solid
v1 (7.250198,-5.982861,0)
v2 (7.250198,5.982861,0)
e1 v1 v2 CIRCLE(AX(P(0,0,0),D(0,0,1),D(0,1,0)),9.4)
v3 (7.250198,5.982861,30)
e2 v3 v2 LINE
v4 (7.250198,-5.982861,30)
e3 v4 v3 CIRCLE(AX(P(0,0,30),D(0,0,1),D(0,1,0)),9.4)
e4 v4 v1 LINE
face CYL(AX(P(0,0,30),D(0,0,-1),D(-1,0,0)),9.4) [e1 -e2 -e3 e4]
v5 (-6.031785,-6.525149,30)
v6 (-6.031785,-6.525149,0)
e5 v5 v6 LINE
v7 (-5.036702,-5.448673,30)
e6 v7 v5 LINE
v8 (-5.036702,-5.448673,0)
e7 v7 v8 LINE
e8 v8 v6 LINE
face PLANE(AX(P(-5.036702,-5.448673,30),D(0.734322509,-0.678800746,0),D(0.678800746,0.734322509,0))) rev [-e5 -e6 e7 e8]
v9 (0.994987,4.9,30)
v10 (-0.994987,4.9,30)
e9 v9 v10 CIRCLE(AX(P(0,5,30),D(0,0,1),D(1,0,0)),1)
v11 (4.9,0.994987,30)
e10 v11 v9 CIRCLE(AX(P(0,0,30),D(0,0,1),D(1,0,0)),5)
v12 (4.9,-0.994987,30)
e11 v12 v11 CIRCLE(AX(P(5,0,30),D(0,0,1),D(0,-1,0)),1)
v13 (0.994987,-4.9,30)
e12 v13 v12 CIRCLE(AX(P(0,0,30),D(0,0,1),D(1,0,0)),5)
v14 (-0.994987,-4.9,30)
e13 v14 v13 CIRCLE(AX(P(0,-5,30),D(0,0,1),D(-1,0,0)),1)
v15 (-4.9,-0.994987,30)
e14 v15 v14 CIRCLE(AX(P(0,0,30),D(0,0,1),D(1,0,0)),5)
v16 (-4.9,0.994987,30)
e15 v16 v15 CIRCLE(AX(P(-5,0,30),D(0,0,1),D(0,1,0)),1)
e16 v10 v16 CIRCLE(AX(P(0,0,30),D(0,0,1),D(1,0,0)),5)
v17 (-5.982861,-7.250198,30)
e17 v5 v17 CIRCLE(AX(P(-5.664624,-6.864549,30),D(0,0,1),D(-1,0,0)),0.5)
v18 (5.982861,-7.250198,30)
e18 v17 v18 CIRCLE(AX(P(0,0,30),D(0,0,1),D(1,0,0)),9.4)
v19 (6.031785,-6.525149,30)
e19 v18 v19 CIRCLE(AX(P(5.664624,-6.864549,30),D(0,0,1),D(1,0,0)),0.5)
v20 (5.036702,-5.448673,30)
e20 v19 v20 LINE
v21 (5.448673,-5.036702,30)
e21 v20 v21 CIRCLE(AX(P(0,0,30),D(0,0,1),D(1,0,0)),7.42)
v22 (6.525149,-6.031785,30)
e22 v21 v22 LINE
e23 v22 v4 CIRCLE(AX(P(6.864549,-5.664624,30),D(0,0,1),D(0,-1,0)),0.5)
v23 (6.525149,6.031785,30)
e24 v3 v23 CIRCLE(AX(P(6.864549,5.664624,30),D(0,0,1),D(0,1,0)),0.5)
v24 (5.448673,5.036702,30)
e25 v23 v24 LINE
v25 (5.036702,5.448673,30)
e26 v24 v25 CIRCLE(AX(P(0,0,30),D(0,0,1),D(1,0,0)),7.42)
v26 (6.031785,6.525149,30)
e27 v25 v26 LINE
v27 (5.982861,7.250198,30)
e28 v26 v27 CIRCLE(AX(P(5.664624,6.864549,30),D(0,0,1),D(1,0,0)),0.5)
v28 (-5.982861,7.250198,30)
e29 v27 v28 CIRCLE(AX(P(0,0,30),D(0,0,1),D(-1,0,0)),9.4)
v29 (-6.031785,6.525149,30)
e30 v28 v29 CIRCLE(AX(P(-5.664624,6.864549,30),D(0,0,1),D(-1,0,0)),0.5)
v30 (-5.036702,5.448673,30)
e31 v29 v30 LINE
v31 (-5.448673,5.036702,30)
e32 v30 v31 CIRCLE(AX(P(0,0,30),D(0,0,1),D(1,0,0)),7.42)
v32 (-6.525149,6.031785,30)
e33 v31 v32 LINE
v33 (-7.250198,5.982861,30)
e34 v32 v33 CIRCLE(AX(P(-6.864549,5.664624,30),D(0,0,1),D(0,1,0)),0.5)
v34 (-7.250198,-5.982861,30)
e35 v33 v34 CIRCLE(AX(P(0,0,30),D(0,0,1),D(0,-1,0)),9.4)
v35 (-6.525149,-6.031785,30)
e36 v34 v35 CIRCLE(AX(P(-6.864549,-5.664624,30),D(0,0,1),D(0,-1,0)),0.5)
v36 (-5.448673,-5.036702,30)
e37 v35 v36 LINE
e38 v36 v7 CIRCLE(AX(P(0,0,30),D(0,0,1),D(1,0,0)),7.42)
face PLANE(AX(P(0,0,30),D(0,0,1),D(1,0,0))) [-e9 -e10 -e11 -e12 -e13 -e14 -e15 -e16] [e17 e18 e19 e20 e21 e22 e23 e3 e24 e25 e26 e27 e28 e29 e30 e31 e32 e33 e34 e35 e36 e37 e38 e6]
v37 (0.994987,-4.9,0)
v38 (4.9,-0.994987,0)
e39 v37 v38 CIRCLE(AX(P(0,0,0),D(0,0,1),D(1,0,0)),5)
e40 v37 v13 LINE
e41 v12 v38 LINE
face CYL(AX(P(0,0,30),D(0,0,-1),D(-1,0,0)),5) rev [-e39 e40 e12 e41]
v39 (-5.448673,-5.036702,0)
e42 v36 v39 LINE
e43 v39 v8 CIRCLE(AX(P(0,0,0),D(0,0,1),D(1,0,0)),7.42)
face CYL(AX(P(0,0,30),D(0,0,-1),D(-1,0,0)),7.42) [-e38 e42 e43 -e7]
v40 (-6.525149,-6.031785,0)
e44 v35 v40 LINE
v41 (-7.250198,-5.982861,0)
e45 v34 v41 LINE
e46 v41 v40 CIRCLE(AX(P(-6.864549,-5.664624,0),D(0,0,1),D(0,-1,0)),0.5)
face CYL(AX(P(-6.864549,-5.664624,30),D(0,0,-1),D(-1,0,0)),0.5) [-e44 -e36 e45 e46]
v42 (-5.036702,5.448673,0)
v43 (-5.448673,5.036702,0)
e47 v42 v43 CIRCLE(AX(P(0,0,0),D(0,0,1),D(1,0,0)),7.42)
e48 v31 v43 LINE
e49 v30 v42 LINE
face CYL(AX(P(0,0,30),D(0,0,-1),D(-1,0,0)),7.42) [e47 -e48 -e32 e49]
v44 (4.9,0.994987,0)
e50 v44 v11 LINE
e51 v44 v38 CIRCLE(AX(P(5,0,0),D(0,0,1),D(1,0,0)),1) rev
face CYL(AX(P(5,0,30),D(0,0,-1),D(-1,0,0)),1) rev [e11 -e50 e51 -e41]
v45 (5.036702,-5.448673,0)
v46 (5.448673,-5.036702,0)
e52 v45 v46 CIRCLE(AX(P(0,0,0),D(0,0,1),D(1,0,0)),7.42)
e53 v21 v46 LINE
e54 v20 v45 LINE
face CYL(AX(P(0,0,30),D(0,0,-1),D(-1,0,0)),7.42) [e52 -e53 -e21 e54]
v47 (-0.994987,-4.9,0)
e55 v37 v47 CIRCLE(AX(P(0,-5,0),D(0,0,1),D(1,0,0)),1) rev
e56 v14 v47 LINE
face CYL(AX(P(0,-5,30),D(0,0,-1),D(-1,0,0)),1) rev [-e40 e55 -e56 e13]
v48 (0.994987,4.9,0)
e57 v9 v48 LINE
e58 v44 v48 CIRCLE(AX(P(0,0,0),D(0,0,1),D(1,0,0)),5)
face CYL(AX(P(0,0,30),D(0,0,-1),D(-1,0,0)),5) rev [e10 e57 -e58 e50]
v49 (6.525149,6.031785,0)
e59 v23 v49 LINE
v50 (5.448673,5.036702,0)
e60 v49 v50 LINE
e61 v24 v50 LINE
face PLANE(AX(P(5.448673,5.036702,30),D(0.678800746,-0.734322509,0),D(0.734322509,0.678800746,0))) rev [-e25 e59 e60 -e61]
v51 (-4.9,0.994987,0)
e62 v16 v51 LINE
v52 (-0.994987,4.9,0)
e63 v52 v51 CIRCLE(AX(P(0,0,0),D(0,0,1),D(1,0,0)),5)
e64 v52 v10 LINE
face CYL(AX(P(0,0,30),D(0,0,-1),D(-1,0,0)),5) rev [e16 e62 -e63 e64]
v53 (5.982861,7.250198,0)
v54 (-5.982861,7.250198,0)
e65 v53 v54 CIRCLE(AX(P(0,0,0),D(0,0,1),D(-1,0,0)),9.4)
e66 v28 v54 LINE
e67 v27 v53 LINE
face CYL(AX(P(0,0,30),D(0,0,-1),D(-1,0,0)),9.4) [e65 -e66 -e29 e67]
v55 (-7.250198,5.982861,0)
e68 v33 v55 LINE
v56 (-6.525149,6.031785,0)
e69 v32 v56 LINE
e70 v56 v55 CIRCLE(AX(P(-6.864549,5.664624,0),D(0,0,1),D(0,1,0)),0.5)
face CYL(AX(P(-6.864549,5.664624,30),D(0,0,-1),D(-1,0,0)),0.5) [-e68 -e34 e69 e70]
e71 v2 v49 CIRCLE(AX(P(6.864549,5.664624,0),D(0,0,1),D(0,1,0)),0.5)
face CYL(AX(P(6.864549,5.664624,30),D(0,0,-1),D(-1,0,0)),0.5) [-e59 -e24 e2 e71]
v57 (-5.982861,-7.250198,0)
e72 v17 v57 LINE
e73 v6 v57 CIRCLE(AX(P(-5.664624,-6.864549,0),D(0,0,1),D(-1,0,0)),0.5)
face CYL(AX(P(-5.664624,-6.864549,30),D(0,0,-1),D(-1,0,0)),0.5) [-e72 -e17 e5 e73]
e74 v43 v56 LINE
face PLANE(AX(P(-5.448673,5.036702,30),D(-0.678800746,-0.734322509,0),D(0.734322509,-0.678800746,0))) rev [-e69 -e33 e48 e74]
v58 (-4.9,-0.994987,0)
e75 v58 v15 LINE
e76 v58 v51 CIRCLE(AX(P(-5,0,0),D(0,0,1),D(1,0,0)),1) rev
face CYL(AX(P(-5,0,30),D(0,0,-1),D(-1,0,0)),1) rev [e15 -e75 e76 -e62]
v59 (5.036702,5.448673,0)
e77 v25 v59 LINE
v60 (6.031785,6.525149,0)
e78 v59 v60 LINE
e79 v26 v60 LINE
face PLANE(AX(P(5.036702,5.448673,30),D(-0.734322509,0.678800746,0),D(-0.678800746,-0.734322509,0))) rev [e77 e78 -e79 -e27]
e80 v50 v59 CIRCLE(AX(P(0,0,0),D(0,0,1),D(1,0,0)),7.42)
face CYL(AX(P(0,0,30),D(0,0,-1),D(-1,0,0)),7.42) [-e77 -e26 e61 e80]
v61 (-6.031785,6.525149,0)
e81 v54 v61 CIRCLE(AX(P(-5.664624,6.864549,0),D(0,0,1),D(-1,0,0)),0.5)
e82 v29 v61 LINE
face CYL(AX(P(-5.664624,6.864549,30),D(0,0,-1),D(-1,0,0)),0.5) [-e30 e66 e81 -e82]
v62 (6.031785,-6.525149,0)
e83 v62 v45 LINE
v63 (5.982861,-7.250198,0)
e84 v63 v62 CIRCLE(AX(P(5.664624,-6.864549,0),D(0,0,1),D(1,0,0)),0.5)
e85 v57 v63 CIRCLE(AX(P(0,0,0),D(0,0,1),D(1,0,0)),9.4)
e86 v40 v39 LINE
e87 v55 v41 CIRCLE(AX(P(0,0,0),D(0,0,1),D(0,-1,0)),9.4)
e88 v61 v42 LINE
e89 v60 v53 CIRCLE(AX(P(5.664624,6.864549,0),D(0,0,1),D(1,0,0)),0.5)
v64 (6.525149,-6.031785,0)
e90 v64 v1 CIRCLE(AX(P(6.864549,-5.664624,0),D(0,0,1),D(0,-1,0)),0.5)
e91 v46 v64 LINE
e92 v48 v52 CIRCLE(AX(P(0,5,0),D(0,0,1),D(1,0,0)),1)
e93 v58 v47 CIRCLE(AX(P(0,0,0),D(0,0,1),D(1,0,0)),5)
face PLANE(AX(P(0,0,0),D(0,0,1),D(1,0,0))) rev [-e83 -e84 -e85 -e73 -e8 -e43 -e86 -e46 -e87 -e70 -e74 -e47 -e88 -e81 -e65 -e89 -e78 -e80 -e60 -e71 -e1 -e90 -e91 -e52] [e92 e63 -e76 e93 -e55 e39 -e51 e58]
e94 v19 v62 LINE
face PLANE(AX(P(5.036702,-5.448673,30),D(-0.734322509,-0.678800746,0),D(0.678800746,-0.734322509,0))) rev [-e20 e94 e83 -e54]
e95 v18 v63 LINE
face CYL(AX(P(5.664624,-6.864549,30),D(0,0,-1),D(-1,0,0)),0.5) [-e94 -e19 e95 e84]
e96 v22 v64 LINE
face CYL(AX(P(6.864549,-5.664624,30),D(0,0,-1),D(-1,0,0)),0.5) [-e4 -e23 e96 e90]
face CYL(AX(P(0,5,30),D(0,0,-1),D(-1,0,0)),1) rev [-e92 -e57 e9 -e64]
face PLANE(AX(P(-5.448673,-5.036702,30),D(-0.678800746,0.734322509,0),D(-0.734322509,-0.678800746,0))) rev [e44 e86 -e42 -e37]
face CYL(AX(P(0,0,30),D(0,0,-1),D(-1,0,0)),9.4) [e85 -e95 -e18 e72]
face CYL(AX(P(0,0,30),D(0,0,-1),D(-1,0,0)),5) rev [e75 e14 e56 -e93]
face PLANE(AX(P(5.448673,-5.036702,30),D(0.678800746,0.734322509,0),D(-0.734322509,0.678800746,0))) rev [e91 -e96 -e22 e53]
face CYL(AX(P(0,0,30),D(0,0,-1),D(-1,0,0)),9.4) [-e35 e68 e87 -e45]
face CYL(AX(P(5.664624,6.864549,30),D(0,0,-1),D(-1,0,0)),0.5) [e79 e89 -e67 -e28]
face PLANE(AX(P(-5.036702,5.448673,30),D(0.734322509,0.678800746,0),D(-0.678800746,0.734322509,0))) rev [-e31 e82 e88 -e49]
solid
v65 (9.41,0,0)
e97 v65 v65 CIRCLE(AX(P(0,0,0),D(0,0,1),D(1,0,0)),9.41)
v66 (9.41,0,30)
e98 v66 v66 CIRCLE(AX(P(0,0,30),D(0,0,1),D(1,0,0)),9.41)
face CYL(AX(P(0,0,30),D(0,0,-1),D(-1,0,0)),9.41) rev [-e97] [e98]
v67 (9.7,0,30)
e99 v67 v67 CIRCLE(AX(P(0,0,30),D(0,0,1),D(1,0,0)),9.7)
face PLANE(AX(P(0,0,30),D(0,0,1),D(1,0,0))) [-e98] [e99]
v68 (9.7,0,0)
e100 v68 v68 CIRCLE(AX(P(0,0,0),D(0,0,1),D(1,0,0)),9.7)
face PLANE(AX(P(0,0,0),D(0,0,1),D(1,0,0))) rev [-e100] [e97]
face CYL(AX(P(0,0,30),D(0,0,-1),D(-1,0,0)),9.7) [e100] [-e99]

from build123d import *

# Parameters (mm, degrees)
SKETCH1_R           = 7.42
SKETCH1_R_2         = 5
BOSS_EXTRUDE1_DEPTH = 30
BOSS_EXTRUDE2_DEPTH = 30
CIRPATTERN1_COUNT   = 4
SKETCH3_R           = 9.7
SKETCH3_R_2         = 9.41
BOSS_EXTRUDE3_DEPTH = 30
SKETCH4_R           = 1
CUT_EXTRUDE2_DEPTH  = 30
CIRPATTERN2_COUNT   = 4


with BuildPart() as part:
    # Sketch1 → Boss-Extrude1 (new body)
    with BuildSketch(Plane.XY):
        Circle(SKETCH1_R)
        Circle(SKETCH1_R_2, mode=Mode.SUBTRACT)
    extrude(amount=BOSS_EXTRUDE1_DEPTH)

    # Sketch2 → Boss-Extrude2 (add)
    with BuildSketch(Plane.XY):
        with BuildLine():
            Line((5.036701532, 5.44867302), (6.031785383, 6.525148665))
            ThreePointArc((6.031785383, 6.525148665), (6.163489723, 6.898210854), (5.982861438, 7.25019786))
            ThreePointArc((5.982861438, 7.25019786), (0, 9.4), (-5.982861438, 7.25019786))
            ThreePointArc((-5.982861438, 7.25019786), (-6.163489723, 6.898210854), (-6.031785383, 6.525148665))
            Line((-6.031785383, 6.525148665), (-5.036701532, 5.44867302))
            ThreePointArc((-5.036701532, 5.44867302), (0, 7.42), (5.036701532, 5.44867302))
        make_face()
    boss_extrude2 = extrude(amount=BOSS_EXTRUDE2_DEPTH)

    # CirPattern1: Boss-Extrude2 ×4 about axis
    cirpattern1_axis = Axis((0, 0, 0), (0, 0, 1))
    for i in range(1, CIRPATTERN1_COUNT):
        add(boss_extrude2.rotate(cirpattern1_axis, i * 360 / CIRPATTERN1_COUNT))

    # Sketch4 → Cut-Extrude2 (cut)
    with BuildSketch(Plane.XY):
        with Locations((0, 5)):
            Circle(SKETCH4_R)
    cut_extrude2 = extrude(amount=CUT_EXTRUDE2_DEPTH, mode=Mode.SUBTRACT)

    # CirPattern2: Cut-Extrude2 ×4 about axis
    cirpattern2_axis = Axis((0, 0, 0), (0, 0, 1))
    for i in range(1, CIRPATTERN2_COUNT):
        add(cut_extrude2.rotate(cirpattern2_axis, i * 360 / CIRPATTERN2_COUNT), mode=Mode.SUBTRACT)


with BuildPart() as body_2:
    # Sketch3 → Boss-Extrude3 (new body)
    with BuildSketch(Plane.XY):
        Circle(SKETCH3_R)
        Circle(SKETCH3_R_2, mode=Mode.SUBTRACT)
    extrude(amount=BOSS_EXTRUDE3_DEPTH)


solid = Compound([part.part, body_2.part])
